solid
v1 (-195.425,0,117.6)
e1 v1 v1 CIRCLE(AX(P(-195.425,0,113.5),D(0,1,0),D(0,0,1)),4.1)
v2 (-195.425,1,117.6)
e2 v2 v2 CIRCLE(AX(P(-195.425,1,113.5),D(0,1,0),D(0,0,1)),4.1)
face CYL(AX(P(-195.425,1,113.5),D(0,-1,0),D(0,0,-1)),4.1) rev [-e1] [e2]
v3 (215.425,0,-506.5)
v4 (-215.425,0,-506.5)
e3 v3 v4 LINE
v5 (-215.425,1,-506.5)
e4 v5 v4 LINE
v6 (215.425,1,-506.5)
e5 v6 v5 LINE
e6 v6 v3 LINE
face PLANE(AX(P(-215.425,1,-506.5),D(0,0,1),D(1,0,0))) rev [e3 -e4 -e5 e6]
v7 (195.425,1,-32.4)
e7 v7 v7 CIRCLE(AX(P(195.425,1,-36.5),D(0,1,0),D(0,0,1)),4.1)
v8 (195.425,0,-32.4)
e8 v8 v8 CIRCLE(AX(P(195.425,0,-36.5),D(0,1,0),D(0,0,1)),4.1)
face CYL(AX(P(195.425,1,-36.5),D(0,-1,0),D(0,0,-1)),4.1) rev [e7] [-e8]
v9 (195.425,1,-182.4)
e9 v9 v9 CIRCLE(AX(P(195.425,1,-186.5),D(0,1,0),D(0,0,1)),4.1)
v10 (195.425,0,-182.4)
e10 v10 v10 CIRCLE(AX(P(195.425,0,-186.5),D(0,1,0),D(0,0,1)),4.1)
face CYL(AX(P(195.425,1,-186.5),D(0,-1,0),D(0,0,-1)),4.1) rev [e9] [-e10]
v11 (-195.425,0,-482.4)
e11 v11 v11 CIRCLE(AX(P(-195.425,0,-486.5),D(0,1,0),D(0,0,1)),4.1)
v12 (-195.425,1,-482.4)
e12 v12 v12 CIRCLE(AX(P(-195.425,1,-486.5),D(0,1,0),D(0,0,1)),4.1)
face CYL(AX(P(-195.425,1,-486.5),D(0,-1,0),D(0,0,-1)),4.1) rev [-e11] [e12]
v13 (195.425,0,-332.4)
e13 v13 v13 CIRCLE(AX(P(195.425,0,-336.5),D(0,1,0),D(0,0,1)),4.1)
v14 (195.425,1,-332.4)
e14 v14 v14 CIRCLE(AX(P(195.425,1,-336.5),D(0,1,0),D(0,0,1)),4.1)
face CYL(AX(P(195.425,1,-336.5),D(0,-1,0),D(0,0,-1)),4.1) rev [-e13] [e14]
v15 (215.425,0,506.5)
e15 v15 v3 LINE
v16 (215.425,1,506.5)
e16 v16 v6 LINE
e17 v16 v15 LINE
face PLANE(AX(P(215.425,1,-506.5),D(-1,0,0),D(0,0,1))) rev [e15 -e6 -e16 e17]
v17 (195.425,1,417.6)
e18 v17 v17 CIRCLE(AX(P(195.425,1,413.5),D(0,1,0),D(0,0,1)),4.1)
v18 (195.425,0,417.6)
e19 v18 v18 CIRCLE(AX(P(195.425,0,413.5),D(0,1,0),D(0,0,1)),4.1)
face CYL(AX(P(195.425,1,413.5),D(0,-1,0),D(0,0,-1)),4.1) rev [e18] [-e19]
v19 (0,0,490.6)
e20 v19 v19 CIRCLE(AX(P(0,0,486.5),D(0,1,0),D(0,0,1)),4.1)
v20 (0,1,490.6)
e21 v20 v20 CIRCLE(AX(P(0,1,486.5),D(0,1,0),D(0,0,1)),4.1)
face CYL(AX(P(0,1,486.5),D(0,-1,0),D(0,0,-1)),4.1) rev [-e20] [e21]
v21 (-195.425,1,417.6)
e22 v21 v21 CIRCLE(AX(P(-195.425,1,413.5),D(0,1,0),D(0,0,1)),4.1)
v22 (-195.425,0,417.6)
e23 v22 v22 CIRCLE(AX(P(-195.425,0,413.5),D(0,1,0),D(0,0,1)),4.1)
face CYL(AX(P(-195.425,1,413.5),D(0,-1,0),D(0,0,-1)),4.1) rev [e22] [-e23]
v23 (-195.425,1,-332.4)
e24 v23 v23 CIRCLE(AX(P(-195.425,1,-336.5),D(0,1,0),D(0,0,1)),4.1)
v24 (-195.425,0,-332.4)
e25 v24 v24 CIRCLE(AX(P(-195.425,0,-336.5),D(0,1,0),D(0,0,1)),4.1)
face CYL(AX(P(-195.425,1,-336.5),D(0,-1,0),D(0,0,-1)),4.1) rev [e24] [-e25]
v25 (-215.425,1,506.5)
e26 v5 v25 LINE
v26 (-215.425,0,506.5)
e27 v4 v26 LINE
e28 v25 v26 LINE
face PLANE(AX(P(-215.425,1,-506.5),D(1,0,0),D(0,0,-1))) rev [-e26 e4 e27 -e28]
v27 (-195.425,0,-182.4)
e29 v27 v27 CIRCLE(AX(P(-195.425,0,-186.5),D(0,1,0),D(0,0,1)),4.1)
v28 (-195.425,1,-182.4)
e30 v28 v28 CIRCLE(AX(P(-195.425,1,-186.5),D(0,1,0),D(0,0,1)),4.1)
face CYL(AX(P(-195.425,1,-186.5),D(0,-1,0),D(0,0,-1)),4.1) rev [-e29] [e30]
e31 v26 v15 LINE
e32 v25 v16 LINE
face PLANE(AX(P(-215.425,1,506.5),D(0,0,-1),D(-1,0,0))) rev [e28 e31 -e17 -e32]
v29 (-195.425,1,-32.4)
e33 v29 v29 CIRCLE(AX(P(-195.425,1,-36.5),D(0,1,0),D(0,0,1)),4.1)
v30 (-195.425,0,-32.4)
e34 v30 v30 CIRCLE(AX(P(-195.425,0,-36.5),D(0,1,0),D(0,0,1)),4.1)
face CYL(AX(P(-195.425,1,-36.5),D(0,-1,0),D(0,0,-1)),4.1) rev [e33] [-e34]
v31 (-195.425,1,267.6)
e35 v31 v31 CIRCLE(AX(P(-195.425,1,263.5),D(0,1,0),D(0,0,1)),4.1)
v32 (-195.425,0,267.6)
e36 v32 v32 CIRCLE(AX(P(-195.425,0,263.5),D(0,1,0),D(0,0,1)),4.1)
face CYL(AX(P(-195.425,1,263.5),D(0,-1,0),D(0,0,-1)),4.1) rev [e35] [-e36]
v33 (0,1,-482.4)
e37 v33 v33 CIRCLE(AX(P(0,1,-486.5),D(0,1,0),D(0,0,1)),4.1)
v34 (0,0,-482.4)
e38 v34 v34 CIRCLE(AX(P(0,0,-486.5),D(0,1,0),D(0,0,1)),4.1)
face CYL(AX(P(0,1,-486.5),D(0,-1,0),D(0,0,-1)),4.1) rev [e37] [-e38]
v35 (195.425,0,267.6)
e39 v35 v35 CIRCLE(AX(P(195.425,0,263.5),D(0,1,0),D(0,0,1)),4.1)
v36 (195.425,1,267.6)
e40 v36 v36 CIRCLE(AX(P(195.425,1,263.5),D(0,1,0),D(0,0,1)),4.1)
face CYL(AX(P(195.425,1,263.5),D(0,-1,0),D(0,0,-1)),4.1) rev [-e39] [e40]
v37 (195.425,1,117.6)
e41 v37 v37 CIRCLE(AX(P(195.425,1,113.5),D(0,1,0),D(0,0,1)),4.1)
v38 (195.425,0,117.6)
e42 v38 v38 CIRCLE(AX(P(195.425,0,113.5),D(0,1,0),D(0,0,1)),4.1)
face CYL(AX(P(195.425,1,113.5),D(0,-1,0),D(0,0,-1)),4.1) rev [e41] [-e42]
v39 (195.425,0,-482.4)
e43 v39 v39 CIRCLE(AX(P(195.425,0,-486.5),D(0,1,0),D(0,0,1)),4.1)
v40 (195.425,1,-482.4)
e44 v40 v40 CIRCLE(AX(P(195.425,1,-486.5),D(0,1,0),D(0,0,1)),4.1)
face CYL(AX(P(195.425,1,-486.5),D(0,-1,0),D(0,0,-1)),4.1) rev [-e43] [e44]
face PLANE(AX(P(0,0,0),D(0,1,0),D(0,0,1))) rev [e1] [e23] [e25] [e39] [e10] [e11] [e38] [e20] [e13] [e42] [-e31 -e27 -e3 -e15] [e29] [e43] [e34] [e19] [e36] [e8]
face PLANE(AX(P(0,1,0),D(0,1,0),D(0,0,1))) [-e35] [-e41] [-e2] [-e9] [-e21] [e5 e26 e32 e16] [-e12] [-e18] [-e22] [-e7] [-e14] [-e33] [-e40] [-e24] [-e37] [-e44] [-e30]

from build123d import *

# Parameters (mm, degrees)
SKETCH1_W           = 430.85
SKETCH1_H           = 1013
SKETCH1_R           = 4.1
BOSS_EXTRUDE1_DEPTH = 1


with BuildPart() as part:
    # Sketch1 → Boss-Extrude1 (new body)
    with BuildSketch(Plane(origin=(0, 0, 0), x_dir=(1, 0, 0), z_dir=(0, 1, 0))):
        Rectangle(SKETCH1_W, SKETCH1_H)
        with Locations(Location((-195.425, 486.5, 0), (0, 0, 270))):
            Circle(SKETCH1_R, mode=Mode.SUBTRACT)
        with Locations(Location((195.425, 486.5, 0), (0, 0, 270))):
            Circle(SKETCH1_R, mode=Mode.SUBTRACT)
        with Locations(Location((-195.425, 336.5, 0), (0, 0, 270))):
            Circle(SKETCH1_R, mode=Mode.SUBTRACT)
        with Locations(Location((195.425, 336.5, 0), (0, 0, 270))):
            Circle(SKETCH1_R, mode=Mode.SUBTRACT)
        with Locations(Location((-195.425, 186.5, 0), (0, 0, 270))):
            Circle(SKETCH1_R, mode=Mode.SUBTRACT)
        with Locations(Location((195.425, 186.5, 0), (0, 0, 270))):
            Circle(SKETCH1_R, mode=Mode.SUBTRACT)
        with Locations(Location((-195.425, 36.5, 0), (0, 0, 270))):
            Circle(SKETCH1_R, mode=Mode.SUBTRACT)
        with Locations(Location((195.425, 36.5, 0), (0, 0, 270))):
            Circle(SKETCH1_R, mode=Mode.SUBTRACT)
        with Locations(Location((-195.425, -113.5, 0), (0, 0, 270))):
            Circle(SKETCH1_R, mode=Mode.SUBTRACT)
        with Locations(Location((195.425, -113.5, 0), (0, 0, 270))):
            Circle(SKETCH1_R, mode=Mode.SUBTRACT)
        with Locations(Location((-195.425, -263.5, 0), (0, 0, 270))):
            Circle(SKETCH1_R, mode=Mode.SUBTRACT)
        with Locations(Location((195.425, -263.5, 0), (0, 0, 270))):
            Circle(SKETCH1_R, mode=Mode.SUBTRACT)
        with Locations(Location((-195.425, -413.5, 0), (0, 0, 270))):
            Circle(SKETCH1_R, mode=Mode.SUBTRACT)
        with Locations(Location((195.425, -413.5, 0), (0, 0, 270))):
            Circle(SKETCH1_R, mode=Mode.SUBTRACT)
        with Locations(Location((0, -486.5, 0), (0, 0, 270))):
            Circle(SKETCH1_R, mode=Mode.SUBTRACT)
        with Locations(Location((0, 486.5, 0), (0, 0, 270))):
            Circle(SKETCH1_R, mode=Mode.SUBTRACT)
    extrude(amount=BOSS_EXTRUDE1_DEPTH)


solid = part.part
